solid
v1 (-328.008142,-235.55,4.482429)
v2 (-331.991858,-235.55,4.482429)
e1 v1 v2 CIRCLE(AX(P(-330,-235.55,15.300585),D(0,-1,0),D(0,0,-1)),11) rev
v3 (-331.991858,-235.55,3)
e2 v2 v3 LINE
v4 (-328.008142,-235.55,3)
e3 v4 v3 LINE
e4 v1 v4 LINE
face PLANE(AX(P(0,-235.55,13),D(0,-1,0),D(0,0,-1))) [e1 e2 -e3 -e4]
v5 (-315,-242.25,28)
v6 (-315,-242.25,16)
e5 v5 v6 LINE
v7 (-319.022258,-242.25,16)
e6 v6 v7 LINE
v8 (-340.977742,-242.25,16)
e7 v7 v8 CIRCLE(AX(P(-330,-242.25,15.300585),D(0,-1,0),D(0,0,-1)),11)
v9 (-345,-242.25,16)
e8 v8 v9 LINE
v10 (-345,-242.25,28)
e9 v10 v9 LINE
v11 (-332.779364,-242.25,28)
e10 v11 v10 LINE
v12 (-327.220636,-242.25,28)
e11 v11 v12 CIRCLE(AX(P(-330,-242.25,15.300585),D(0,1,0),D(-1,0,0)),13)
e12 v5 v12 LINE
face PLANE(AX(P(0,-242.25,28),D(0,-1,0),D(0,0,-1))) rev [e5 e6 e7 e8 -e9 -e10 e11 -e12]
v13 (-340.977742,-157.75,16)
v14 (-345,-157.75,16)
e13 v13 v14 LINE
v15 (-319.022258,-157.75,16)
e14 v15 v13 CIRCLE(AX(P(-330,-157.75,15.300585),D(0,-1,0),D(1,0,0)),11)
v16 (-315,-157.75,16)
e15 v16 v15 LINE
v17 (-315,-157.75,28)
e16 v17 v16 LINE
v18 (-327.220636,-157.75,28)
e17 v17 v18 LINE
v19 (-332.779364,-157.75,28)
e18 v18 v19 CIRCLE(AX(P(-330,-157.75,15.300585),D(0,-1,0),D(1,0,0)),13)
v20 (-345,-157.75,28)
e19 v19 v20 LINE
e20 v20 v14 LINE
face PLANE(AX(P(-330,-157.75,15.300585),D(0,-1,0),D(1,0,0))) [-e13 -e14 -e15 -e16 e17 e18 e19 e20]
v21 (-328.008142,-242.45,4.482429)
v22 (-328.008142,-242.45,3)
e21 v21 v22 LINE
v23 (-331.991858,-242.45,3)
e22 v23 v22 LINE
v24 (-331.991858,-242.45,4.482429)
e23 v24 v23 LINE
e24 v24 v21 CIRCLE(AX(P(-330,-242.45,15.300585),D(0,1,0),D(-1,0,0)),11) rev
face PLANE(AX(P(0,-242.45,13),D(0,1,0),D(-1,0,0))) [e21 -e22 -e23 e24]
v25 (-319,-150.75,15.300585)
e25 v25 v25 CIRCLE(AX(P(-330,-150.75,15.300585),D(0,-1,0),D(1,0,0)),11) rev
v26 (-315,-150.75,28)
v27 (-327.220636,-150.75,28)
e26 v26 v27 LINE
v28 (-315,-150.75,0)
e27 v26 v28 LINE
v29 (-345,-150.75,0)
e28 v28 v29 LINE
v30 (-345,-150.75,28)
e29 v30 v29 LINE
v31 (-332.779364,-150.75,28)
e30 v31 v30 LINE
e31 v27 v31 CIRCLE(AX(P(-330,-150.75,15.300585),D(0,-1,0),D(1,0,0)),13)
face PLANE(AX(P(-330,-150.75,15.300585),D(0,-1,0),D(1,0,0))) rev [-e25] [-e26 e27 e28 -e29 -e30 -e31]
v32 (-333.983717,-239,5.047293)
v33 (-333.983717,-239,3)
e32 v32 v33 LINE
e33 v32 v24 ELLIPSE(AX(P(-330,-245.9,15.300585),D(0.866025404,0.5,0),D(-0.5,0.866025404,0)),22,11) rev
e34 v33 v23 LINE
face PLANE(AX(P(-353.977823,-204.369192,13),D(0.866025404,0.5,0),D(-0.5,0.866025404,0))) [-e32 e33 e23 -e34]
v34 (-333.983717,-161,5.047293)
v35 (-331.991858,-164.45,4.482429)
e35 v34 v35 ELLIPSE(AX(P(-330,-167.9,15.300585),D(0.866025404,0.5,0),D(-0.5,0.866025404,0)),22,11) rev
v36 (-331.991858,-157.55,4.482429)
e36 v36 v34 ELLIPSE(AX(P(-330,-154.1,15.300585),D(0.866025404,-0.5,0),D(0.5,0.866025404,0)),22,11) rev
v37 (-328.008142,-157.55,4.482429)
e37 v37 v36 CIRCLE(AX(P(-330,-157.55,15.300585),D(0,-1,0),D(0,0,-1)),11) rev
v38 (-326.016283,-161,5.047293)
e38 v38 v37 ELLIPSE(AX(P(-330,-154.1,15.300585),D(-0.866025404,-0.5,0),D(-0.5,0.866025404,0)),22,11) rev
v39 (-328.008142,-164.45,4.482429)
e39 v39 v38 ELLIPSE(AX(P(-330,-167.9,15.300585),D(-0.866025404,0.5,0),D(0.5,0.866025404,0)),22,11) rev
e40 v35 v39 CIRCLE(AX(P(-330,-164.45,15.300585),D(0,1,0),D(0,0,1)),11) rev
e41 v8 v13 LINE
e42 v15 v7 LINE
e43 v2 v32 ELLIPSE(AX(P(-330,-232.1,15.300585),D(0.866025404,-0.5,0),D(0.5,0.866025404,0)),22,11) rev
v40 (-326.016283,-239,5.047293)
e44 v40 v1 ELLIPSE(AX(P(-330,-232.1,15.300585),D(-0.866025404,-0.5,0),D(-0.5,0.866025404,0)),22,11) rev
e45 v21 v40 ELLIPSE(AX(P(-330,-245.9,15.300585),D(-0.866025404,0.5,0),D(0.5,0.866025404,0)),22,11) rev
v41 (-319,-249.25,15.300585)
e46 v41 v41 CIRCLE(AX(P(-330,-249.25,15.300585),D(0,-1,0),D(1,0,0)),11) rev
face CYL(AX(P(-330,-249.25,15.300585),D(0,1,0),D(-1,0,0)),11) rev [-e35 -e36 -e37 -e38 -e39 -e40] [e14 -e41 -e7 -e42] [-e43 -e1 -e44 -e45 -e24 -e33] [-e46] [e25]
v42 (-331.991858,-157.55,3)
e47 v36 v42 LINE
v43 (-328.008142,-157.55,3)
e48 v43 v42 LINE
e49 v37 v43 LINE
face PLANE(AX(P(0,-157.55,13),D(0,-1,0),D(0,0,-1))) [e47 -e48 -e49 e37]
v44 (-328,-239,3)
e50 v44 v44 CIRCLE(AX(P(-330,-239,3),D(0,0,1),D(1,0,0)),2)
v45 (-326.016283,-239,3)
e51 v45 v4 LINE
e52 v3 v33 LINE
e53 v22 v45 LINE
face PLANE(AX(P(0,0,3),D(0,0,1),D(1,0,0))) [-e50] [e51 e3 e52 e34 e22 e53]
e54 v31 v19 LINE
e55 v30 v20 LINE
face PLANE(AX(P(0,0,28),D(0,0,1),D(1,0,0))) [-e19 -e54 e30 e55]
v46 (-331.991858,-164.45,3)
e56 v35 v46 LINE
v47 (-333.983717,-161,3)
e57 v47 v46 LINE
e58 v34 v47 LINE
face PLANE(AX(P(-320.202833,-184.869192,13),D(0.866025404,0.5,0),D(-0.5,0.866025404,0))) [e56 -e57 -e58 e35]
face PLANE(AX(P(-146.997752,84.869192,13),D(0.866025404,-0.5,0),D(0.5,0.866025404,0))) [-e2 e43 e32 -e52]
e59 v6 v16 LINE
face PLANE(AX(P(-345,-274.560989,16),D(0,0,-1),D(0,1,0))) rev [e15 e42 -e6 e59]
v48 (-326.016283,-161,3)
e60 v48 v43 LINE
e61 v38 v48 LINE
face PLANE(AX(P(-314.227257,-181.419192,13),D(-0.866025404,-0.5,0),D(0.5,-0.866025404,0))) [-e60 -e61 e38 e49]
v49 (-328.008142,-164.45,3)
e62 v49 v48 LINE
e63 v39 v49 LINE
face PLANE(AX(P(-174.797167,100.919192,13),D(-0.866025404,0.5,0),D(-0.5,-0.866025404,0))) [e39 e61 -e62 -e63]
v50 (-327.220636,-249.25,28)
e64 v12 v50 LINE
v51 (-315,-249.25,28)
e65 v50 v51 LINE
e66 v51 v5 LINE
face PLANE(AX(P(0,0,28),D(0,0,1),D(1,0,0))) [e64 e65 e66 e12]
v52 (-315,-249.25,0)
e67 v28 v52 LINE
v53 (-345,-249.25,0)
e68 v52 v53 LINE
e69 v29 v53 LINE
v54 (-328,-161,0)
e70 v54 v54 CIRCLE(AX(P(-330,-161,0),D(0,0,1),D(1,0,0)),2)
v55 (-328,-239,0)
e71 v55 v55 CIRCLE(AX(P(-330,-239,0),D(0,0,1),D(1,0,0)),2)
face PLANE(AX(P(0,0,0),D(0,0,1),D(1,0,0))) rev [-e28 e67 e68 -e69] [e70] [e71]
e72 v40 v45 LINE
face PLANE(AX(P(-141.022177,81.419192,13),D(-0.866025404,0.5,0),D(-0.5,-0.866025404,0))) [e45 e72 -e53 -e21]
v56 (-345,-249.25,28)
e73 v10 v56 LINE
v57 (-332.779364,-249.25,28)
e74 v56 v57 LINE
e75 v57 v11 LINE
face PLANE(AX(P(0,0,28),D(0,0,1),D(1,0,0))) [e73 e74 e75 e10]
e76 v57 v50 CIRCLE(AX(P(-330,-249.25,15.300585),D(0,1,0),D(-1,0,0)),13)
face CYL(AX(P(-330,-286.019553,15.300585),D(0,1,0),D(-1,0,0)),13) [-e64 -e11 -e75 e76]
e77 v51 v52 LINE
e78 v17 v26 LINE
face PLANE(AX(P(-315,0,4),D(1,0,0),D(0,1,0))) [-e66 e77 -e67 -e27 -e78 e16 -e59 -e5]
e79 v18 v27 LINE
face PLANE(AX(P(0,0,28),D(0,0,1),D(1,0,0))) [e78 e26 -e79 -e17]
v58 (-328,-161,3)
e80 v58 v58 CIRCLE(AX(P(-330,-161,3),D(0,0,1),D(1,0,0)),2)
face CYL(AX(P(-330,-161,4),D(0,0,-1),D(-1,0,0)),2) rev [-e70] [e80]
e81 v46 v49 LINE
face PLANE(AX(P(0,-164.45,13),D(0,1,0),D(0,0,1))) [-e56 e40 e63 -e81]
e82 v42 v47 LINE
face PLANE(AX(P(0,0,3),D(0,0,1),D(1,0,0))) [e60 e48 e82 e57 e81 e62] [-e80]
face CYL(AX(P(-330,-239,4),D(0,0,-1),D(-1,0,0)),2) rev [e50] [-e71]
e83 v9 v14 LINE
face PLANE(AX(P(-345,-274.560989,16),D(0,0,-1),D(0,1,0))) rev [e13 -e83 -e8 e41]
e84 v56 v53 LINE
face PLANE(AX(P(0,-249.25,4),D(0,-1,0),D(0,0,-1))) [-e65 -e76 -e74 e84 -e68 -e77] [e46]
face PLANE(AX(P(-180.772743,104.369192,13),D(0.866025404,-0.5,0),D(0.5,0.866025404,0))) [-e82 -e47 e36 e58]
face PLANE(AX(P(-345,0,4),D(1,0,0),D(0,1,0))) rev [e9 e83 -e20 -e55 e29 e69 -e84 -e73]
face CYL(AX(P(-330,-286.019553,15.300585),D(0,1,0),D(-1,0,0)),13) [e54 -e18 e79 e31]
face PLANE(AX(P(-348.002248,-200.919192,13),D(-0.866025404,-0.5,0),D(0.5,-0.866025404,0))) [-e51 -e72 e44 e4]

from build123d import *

# Parameters (mm, degrees)
SKETCH2_R           = 13
SKETCH2_R_2         = 11
BOSS_EXTRUDE3_DEPTH = 98.5
CUT_EXTRUDE2_START  = 7
SKETCH2_2_R         = 13
SKETCH2_2_R_2       = 11
CUT_EXTRUDE2_DEPTH  = 84.5
SKETCH1_W           = 30
SKETCH1_H           = 98.5
SKETCH1_R           = 2
BOSS_EXTRUDE5_DEPTH = 4
SKETCH3_W           = 8.573743233
SKETCH3_H           = 7
SKETCH3_W_2         = 12.852513534
SKETCH3_W_3         = 30
BOSS_EXTRUDE8_DEPTH = 24
SKETCH4_W           = 30
SKETCH4_H           = 12
BOSS_EXTRUDE9_DEPTH = 84.5
SKETCH2_3_R         = 11
CUT_EXTRUDE3_DEPTH  = 360.900226616
CUT_EXTRUDE4_START  = 3
SKETCH1_6_R         = 2
CUT_EXTRUDE4_DEPTH  = 10
SKETCH1_7_R         = 2
CUT_EXTRUDE5_DEPTH  = 427.557716632


with BuildPart() as part:
    # Sketch2 → Boss-Extrude3 (new body)
    with BuildSketch(Plane.XZ.offset(150.75)):
        with Locations(Location((-330, 15.300585116, 0), (0, 0, 180))):
            Circle(SKETCH2_R)
        with Locations(Location((-330, 15.300585116, 0), (0, 0, 242.228070503))):
            Circle(SKETCH2_R_2, mode=Mode.SUBTRACT)
    extrude(amount=BOSS_EXTRUDE3_DEPTH)

    # Sketch2<2> → Cut-Extrude2 (cut)
    with BuildSketch(Plane.XZ.offset(150.75).offset(CUT_EXTRUDE2_START)):
        with Locations((-330, 15.300585116)):
            Circle(SKETCH2_2_R)
        with Locations((-330, 15.300585116)):
            Circle(SKETCH2_2_R_2, mode=Mode.SUBTRACT)
    extrude(amount=CUT_EXTRUDE2_DEPTH, mode=Mode.SUBTRACT)


with BuildPart() as cut_extrude2_piece_1:
    # of the separate pieces the step leaves, piece 1, a body of its own (cut_extrude2_pieces)
    add(part.part.solids().sort_by_distance((-343, -150.75, 15.300585116))[0])

    # Sketch1 → Boss-Extrude5 (add)
    # profile 1 of 3: a face of its own
    with BuildSketch(Plane.XY):
        with Locations((-330, -200)):
            Rectangle(SKETCH1_W, SKETCH1_H)
        Polygon((-331.991858429, -235.55), (-333.983716857, -239), (-331.991858429, -242.45), (-328.008141571, -242.45), (-326.016283143, -239), (-328.008141571, -235.55), align=None, mode=Mode.SUBTRACT)
        Polygon((-328.008141571, -164.45), (-326.016283143, -161), (-328.008141571, -157.55), (-331.991858429, -157.55), (-333.983716857, -161), (-331.991858429, -164.45), align=None, mode=Mode.SUBTRACT)
    # profile 2 of 3: a face of its own
    with BuildSketch(Plane.XY):
        Polygon((-331.991858429, -164.45), (-328.008141571, -164.45), (-326.016283143, -161), (-328.008141571, -157.55), (-331.991858429, -157.55), (-333.983716857, -161), align=None)
        with Locations((-330, -161)):
            Circle(SKETCH1_R, mode=Mode.SUBTRACT)
    # profile 3 of 3: a face of its own
    with BuildSketch(Plane.XY):
        Polygon((-328.008141571, -235.55), (-331.991858429, -235.55), (-333.983716857, -239), (-331.991858429, -242.45), (-328.008141571, -242.45), (-326.016283143, -239), align=None)
        with Locations((-330, -239)):
            Circle(SKETCH1_R, mode=Mode.SUBTRACT)
    extrude(amount=BOSS_EXTRUDE5_DEPTH)



with BuildPart() as cut_extrude2_piece_2:
    # of the separate pieces the step leaves, piece 2, a body of its own (cut_extrude2_pieces)
    add(part.part.solids().sort_by_distance((-343, -242.25, 15.300585116))[0])


with BuildPart() as cut_extrude2_piece_1_1:
    add(cut_extrude2_piece_1.part)

    add(cut_extrude2_piece_2.part)  # Boss-Extrude8 merges Cut-Extrude2 piece 2
    # Sketch3 → Boss-Extrude8 (add)
    with BuildSketch(Plane.XY.offset(4)):
        with Locations((-340.713128384, -154.25)):
            Rectangle(SKETCH3_W, SKETCH3_H)
        with Locations((-330, -154.25)):
            Rectangle(SKETCH3_W_2, SKETCH3_H)
        with Locations((-330, -245.75)):
            Rectangle(SKETCH3_W_3, SKETCH3_H)
        with Locations((-319.286871616, -154.25)):
            Rectangle(SKETCH3_W, SKETCH3_H)
    extrude(amount=BOSS_EXTRUDE8_DEPTH)

    # Sketch4 → Boss-Extrude9 (add)
    with BuildSketch(Plane.XZ.offset(157.75)):
        with Locations((-330, 10)):
            Rectangle(SKETCH4_W, SKETCH4_H)
    extrude(amount=BOSS_EXTRUDE9_DEPTH)

    # Sketch2<3> → Cut-Extrude3 (cut, through all)
    with BuildSketch(Plane.XZ.offset(150.75)):
        with Locations((-330, 15.300585116)):
            Circle(SKETCH2_3_R)
    extrude(amount=CUT_EXTRUDE3_DEPTH, mode=Mode.SUBTRACT)

    # Sketch1<6> → Cut-Extrude4 (cut)
    # profile 1 of 2: a face of its own
    with BuildSketch(Plane.XY.offset(CUT_EXTRUDE4_START)):
        Polygon((-331.991858429, -164.45), (-328.008141571, -164.45), (-326.016283143, -161), (-328.008141571, -157.55), (-331.991858429, -157.55), (-333.983716857, -161), align=None)
        with Locations((-330, -161)):
            Circle(SKETCH1_6_R, mode=Mode.SUBTRACT)
    # profile 2 of 2: a face of its own
    with BuildSketch(Plane.XY.offset(CUT_EXTRUDE4_START)):
        Polygon((-328.008141571, -235.55), (-331.991858429, -235.55), (-333.983716857, -239), (-331.991858429, -242.45), (-328.008141571, -242.45), (-326.016283143, -239), align=None)
        with Locations((-330, -239)):
            Circle(SKETCH1_6_R, mode=Mode.SUBTRACT)
    extrude(amount=CUT_EXTRUDE4_DEPTH, mode=Mode.SUBTRACT)


with BuildPart() as cut_extrude4_piece_1:
    # of the separate pieces the step leaves, piece 1, a body of its own (cut_extrude4_pieces)
    add(cut_extrude2_piece_1_1.part.solids().sort_by_distance((-315, -249.25, 28))[0])


with BuildPart() as cut_extrude4_piece_2:
    # of the separate pieces the step leaves, piece 2, a body of its own (cut_extrude4_pieces)
    add(cut_extrude2_piece_1_1.part.solids().sort_by_distance((-328, -161, 4.48393129))[0])


with BuildPart() as cut_extrude4_piece_3:
    # of the separate pieces the step leaves, piece 3, a body of its own (cut_extrude4_pieces)
    add(cut_extrude2_piece_1_1.part.solids().sort_by_distance((-328, -239, 4.48393129))[0])


with BuildPart() as cut_extrude5_tool:
    # Sketch1<7> → Cut-Extrude5 (new, through all)
    with BuildSketch(Plane.XY):
        with Locations((-330, -161)):
            Circle(SKETCH1_7_R)
        with Locations((-330, -239)):
            Circle(SKETCH1_7_R)
    extrude(amount=CUT_EXTRUDE5_DEPTH)


with BuildPart() as cut_extrude4_piece_2_1:
    add(cut_extrude4_piece_2.part)

    # Cut-Extrude5: cut by cut_extrude5_tool
    add(cut_extrude5_tool.part, mode=Mode.SUBTRACT)


with BuildPart() as cut_extrude4_piece_3_1:
    add(cut_extrude4_piece_3.part)

    # Cut-Extrude5: cut by cut_extrude5_tool
    add(cut_extrude5_tool.part, mode=Mode.SUBTRACT)


solid = cut_extrude4_piece_1.part
